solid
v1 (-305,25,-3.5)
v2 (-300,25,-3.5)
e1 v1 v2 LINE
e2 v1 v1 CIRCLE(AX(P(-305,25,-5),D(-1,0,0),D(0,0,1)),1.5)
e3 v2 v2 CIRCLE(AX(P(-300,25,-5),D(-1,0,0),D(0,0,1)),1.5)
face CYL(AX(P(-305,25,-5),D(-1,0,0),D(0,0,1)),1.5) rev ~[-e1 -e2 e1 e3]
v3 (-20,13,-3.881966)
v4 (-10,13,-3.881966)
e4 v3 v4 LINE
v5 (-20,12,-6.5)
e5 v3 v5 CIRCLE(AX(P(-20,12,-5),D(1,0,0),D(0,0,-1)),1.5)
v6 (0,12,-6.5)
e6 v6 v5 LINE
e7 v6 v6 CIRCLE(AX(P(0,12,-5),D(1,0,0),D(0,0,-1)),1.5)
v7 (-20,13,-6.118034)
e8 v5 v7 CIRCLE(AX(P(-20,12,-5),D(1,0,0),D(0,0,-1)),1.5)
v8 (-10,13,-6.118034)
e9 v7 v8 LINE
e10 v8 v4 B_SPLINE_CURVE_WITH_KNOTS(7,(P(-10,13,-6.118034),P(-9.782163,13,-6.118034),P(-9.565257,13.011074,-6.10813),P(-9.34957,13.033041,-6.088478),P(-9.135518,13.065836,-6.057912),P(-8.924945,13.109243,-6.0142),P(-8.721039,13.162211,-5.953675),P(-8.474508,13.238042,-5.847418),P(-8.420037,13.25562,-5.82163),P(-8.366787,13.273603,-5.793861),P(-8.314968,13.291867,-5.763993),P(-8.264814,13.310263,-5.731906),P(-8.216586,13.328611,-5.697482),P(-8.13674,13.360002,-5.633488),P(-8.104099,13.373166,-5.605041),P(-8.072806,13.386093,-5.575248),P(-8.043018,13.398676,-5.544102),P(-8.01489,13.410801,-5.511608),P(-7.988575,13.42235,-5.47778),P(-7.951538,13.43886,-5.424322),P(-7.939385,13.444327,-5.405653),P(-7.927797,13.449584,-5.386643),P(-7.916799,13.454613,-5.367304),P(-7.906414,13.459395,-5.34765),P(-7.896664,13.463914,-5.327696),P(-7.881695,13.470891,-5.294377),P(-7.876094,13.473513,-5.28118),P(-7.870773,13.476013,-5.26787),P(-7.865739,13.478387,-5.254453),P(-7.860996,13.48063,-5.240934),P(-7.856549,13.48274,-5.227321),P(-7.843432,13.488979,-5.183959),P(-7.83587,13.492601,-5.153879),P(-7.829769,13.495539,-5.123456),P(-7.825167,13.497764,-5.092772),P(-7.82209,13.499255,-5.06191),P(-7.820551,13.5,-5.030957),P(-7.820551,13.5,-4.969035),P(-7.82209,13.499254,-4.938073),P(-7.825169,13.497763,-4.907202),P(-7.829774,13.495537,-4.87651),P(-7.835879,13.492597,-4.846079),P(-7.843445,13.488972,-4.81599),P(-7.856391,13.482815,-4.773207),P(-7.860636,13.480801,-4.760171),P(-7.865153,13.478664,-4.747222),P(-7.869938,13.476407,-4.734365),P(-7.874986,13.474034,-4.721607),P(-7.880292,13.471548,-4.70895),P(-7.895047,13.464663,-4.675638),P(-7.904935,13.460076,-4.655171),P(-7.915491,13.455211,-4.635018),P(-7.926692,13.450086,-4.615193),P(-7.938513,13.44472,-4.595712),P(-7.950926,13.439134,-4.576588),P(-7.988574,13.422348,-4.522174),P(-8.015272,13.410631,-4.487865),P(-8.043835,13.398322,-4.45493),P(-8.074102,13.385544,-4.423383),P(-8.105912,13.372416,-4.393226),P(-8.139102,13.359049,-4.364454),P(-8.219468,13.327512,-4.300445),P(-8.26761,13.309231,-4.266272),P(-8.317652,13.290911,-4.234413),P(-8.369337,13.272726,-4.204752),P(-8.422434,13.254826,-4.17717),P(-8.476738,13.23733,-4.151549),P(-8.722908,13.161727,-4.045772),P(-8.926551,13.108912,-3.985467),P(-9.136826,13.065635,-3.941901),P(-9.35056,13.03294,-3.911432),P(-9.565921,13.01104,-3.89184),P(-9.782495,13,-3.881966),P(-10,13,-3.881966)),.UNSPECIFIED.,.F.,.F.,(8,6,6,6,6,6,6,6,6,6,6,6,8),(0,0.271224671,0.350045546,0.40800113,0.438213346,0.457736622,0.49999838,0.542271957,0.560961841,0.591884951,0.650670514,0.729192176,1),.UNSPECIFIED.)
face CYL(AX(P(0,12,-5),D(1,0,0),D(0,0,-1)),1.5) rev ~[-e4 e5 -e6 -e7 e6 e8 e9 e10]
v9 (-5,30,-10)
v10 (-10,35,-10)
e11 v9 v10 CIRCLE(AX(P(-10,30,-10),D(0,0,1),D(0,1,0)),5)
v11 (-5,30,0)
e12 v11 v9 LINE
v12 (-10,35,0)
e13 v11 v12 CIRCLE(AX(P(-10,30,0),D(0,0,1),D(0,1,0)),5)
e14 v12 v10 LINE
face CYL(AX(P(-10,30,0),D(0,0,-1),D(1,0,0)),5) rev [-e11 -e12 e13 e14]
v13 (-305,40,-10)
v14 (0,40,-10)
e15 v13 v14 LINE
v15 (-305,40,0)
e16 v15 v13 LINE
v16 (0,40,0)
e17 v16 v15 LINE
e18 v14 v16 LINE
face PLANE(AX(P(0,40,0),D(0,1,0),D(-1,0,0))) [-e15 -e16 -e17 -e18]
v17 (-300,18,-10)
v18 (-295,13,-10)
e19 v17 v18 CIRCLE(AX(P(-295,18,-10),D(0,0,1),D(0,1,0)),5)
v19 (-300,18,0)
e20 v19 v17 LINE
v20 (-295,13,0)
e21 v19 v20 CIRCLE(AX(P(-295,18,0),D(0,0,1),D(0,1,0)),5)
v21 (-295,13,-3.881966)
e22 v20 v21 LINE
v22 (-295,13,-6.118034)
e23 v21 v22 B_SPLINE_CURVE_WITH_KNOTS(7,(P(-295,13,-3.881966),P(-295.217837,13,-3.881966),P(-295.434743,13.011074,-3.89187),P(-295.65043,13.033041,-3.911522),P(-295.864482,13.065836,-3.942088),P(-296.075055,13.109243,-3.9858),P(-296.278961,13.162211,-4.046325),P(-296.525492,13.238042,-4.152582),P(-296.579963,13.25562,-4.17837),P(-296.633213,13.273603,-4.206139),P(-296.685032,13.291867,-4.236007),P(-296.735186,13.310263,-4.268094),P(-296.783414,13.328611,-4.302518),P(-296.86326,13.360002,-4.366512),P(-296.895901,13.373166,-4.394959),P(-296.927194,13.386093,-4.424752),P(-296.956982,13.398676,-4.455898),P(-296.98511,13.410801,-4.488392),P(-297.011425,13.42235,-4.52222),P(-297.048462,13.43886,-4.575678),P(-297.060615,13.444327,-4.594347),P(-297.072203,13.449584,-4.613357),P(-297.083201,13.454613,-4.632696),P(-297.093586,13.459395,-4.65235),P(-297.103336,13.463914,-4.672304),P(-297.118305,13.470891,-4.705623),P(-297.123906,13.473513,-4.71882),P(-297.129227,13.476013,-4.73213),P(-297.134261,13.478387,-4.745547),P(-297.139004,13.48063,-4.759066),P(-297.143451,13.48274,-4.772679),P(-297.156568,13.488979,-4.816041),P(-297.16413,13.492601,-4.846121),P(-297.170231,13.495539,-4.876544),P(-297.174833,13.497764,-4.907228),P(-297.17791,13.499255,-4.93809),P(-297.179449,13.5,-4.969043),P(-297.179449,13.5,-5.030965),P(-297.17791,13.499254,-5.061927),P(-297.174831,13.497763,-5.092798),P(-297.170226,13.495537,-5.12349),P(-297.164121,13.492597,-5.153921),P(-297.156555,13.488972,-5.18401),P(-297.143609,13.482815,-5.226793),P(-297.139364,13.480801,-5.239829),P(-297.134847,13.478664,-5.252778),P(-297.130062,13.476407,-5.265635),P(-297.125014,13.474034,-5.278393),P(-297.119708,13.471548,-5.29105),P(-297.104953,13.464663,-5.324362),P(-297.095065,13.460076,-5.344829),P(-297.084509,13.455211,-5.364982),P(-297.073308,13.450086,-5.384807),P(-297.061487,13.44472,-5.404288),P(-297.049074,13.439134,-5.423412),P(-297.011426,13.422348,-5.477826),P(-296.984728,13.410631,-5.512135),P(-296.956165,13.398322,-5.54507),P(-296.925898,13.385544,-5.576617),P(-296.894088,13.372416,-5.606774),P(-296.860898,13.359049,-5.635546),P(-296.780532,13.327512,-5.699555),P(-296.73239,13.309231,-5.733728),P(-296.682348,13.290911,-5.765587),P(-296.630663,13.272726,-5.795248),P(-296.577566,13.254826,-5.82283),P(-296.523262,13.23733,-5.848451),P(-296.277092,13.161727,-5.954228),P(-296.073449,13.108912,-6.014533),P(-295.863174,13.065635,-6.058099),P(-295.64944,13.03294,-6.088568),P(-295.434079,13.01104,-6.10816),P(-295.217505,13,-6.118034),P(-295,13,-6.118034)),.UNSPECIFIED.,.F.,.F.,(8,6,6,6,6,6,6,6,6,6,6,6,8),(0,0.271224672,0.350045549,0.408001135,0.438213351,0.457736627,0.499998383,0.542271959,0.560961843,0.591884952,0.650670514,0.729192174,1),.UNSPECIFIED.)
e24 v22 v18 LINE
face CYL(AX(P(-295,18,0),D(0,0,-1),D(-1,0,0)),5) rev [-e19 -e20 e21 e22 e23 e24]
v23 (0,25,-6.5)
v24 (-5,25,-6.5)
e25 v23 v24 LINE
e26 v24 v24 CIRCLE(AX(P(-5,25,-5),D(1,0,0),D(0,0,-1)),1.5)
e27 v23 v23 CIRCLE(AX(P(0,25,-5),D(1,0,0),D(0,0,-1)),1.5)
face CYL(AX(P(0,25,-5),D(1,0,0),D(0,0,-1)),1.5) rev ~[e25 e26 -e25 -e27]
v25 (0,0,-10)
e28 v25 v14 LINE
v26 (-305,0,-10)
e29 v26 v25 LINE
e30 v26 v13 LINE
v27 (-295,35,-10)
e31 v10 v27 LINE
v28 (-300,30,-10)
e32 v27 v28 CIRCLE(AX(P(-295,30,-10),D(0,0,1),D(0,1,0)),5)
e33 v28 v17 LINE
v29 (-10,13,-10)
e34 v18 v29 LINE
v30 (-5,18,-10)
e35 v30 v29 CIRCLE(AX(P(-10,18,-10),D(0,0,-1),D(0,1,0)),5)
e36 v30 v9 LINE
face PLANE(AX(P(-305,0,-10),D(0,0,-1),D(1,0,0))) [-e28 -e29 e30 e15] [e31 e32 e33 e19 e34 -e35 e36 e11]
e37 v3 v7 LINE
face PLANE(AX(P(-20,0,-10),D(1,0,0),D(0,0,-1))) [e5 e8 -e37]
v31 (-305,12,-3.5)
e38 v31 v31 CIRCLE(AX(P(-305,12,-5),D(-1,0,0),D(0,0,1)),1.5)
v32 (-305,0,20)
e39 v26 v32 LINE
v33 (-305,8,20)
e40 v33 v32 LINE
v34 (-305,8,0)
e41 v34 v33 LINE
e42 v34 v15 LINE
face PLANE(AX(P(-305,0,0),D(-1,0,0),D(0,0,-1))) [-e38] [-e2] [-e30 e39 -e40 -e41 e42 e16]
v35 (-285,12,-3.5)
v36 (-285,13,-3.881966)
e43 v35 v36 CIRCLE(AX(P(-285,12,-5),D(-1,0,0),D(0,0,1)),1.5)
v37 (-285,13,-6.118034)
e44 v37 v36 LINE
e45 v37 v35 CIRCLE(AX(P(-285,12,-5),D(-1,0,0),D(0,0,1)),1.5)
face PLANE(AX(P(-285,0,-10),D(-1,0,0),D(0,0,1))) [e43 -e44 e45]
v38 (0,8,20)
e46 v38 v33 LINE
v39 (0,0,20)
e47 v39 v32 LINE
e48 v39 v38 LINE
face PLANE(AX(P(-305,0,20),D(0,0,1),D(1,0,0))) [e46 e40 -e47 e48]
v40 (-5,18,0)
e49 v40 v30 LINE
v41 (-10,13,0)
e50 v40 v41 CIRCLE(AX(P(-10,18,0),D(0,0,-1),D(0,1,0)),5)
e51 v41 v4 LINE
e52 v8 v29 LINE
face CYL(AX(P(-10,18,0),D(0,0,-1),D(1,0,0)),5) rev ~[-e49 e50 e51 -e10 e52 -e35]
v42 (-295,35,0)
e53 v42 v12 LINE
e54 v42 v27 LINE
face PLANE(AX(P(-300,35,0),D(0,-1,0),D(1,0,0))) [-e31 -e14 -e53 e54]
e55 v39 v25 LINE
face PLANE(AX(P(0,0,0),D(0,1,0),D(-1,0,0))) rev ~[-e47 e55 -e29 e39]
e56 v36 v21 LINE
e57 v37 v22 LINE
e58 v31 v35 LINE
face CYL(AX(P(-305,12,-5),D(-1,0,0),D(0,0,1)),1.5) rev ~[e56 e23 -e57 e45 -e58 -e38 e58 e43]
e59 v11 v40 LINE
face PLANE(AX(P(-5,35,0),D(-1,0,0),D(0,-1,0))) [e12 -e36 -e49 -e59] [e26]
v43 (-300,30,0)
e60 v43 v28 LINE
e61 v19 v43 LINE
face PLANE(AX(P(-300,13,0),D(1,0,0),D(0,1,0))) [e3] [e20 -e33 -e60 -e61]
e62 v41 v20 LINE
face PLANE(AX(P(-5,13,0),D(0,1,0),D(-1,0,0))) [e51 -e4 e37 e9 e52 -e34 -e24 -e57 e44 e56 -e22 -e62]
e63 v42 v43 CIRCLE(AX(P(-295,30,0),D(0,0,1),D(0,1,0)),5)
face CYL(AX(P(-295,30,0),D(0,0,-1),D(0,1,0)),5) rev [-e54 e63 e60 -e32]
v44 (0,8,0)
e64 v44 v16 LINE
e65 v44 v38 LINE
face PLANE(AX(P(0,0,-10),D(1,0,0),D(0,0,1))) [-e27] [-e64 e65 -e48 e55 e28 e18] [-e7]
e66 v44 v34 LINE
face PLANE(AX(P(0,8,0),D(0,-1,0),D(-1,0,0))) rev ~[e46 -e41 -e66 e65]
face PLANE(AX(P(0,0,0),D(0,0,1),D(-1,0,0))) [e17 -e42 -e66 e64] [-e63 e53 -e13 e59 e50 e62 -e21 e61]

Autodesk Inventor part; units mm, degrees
ref_plane "YZ Plane" through (0, 0, 0) normal (1, 0, 0) x (0, 1, 0)
ref_plane "XZ Plane" through (0, 0, 0) normal (0, 1, 0) x (-1, 0, 0)
ref_plane "XY Plane" through (0, 0, 0) normal (0, 0, 1) x (1, 0, 0)
sketch "Sketch1" plane through (0, 0, 0) normal (0, 1, 0) x (-1, 0, 0)
  line L0 (0, 0) -> (305, 0)
  line L1 (305, 0) -> (305, -10)
  line L2 (305, -10) -> (0, -10)
  line L3 (0, -10) -> (0, 0)
  dimension "d0" = 305
  dimension "d1" = 10
extrude "Extrusion1" add sketch "Sketch1" along normal blind 40
sketch "Sketch2" plane through (-305, 0, 0) normal (0, 0, 1) x (1, 0, 0)
  line L0 (305, 0) -> (0, 0) projected
  line L1 (305, 0) -> (305, 40) projected
  line L2 (0, 0) -> (305, 0)
  line L3 (305, 0) -> (305, 8)
  line L4 (305, 8) -> (0, 8)
  line L5 (0, 8) -> (0, 0)
  dimension "d4" = 8
extrude "Extrusion2" add sketch "Sketch2" along normal blind 20
sketch "Sketch3" plane through (-305, 40, 0) normal (0, 0, 1) x (1, 0, 0)
  line L0 (305, -27) -> (0, -27) projected
  line L1 (5, -5) -> (300, -5)
  line L2 (300, -5) -> (300, -27)
  line L3 (300, -27) -> (5, -27)
  line L4 (5, -27) -> (5, -5)
  line L5 (0, -32) -> (0, 0) projected
  line L6 (0, 0) -> (305, 0) projected
  line L7 (305, -32) -> (305, 0) projected
  point P0 (305, -40)
  point P1 (305, -16)
  dimension "d8" = 5
  dimension "d9" = 5
  dimension "d10" = 5
extrude "Extrusion3" cut sketch "Sketch3" against normal blind 20 contours L0 L4 L1 L2
fillet "Fillet2" radius 5 4 edges at (-300, 13, -5) (-300, 35, -5) (-5, 13, -5) (-5, 35, -5)
sketch "Sketch4" plane through (-305, 0, -10) normal (-1, 0, 0) x (0, 0, 1)
  circle A0 centre (5, 25) radius 1.5
  circle A1 centre (5, 12) radius 1.5
  line L0 (0, 40) -> (10, 40) projected
  line L1 (0, 0) -> (0, 40) projected
  point P0 (10, 0)
  dimension "d14" = 3
  dimension "d15" = 3
  dimension "d16" = 15
  dimension "d17" = 10
  dimension "d18" = 5
  dimension "d19" = 5
extrude "Extrusion4" cut sketch "Sketch4" against normal blind 20
sketch "Sketch5" plane through (0, 0, -10) normal (1, 0, 0) x (0, 0, -1)
  circle A0 centre (-5, 25) radius 1.5
  circle A1 centre (-5, 12) radius 1.5
  line L0 (0, 0) -> (0, 40) projected
  line L1 (-10, 40) -> (0, 40) projected
  point P0 (-10, 0)
  dimension "d22" = 3
  dimension "d23" = 3
  dimension "d24" = 5
  dimension "d25" = 5
  dimension "d26" = 10
  dimension "d27" = 15
extrude "Extrusion5" cut sketch "Sketch5" against normal blind 20
thread "Thread1" size "M3x0.5" class "6H" standard "ANSI Metric M Profile" full length
thread "Thread2" size "M3x0.5" class "6H" standard "ANSI Metric M Profile" full length
thread "Thread3" size "M3x0.5" class "6H" standard "ANSI Metric M Profile" full length
thread "Thread4" size "M3x0.5" class "6H" standard "ANSI Metric M Profile" full length
properties part number "chessboard-base-2"
